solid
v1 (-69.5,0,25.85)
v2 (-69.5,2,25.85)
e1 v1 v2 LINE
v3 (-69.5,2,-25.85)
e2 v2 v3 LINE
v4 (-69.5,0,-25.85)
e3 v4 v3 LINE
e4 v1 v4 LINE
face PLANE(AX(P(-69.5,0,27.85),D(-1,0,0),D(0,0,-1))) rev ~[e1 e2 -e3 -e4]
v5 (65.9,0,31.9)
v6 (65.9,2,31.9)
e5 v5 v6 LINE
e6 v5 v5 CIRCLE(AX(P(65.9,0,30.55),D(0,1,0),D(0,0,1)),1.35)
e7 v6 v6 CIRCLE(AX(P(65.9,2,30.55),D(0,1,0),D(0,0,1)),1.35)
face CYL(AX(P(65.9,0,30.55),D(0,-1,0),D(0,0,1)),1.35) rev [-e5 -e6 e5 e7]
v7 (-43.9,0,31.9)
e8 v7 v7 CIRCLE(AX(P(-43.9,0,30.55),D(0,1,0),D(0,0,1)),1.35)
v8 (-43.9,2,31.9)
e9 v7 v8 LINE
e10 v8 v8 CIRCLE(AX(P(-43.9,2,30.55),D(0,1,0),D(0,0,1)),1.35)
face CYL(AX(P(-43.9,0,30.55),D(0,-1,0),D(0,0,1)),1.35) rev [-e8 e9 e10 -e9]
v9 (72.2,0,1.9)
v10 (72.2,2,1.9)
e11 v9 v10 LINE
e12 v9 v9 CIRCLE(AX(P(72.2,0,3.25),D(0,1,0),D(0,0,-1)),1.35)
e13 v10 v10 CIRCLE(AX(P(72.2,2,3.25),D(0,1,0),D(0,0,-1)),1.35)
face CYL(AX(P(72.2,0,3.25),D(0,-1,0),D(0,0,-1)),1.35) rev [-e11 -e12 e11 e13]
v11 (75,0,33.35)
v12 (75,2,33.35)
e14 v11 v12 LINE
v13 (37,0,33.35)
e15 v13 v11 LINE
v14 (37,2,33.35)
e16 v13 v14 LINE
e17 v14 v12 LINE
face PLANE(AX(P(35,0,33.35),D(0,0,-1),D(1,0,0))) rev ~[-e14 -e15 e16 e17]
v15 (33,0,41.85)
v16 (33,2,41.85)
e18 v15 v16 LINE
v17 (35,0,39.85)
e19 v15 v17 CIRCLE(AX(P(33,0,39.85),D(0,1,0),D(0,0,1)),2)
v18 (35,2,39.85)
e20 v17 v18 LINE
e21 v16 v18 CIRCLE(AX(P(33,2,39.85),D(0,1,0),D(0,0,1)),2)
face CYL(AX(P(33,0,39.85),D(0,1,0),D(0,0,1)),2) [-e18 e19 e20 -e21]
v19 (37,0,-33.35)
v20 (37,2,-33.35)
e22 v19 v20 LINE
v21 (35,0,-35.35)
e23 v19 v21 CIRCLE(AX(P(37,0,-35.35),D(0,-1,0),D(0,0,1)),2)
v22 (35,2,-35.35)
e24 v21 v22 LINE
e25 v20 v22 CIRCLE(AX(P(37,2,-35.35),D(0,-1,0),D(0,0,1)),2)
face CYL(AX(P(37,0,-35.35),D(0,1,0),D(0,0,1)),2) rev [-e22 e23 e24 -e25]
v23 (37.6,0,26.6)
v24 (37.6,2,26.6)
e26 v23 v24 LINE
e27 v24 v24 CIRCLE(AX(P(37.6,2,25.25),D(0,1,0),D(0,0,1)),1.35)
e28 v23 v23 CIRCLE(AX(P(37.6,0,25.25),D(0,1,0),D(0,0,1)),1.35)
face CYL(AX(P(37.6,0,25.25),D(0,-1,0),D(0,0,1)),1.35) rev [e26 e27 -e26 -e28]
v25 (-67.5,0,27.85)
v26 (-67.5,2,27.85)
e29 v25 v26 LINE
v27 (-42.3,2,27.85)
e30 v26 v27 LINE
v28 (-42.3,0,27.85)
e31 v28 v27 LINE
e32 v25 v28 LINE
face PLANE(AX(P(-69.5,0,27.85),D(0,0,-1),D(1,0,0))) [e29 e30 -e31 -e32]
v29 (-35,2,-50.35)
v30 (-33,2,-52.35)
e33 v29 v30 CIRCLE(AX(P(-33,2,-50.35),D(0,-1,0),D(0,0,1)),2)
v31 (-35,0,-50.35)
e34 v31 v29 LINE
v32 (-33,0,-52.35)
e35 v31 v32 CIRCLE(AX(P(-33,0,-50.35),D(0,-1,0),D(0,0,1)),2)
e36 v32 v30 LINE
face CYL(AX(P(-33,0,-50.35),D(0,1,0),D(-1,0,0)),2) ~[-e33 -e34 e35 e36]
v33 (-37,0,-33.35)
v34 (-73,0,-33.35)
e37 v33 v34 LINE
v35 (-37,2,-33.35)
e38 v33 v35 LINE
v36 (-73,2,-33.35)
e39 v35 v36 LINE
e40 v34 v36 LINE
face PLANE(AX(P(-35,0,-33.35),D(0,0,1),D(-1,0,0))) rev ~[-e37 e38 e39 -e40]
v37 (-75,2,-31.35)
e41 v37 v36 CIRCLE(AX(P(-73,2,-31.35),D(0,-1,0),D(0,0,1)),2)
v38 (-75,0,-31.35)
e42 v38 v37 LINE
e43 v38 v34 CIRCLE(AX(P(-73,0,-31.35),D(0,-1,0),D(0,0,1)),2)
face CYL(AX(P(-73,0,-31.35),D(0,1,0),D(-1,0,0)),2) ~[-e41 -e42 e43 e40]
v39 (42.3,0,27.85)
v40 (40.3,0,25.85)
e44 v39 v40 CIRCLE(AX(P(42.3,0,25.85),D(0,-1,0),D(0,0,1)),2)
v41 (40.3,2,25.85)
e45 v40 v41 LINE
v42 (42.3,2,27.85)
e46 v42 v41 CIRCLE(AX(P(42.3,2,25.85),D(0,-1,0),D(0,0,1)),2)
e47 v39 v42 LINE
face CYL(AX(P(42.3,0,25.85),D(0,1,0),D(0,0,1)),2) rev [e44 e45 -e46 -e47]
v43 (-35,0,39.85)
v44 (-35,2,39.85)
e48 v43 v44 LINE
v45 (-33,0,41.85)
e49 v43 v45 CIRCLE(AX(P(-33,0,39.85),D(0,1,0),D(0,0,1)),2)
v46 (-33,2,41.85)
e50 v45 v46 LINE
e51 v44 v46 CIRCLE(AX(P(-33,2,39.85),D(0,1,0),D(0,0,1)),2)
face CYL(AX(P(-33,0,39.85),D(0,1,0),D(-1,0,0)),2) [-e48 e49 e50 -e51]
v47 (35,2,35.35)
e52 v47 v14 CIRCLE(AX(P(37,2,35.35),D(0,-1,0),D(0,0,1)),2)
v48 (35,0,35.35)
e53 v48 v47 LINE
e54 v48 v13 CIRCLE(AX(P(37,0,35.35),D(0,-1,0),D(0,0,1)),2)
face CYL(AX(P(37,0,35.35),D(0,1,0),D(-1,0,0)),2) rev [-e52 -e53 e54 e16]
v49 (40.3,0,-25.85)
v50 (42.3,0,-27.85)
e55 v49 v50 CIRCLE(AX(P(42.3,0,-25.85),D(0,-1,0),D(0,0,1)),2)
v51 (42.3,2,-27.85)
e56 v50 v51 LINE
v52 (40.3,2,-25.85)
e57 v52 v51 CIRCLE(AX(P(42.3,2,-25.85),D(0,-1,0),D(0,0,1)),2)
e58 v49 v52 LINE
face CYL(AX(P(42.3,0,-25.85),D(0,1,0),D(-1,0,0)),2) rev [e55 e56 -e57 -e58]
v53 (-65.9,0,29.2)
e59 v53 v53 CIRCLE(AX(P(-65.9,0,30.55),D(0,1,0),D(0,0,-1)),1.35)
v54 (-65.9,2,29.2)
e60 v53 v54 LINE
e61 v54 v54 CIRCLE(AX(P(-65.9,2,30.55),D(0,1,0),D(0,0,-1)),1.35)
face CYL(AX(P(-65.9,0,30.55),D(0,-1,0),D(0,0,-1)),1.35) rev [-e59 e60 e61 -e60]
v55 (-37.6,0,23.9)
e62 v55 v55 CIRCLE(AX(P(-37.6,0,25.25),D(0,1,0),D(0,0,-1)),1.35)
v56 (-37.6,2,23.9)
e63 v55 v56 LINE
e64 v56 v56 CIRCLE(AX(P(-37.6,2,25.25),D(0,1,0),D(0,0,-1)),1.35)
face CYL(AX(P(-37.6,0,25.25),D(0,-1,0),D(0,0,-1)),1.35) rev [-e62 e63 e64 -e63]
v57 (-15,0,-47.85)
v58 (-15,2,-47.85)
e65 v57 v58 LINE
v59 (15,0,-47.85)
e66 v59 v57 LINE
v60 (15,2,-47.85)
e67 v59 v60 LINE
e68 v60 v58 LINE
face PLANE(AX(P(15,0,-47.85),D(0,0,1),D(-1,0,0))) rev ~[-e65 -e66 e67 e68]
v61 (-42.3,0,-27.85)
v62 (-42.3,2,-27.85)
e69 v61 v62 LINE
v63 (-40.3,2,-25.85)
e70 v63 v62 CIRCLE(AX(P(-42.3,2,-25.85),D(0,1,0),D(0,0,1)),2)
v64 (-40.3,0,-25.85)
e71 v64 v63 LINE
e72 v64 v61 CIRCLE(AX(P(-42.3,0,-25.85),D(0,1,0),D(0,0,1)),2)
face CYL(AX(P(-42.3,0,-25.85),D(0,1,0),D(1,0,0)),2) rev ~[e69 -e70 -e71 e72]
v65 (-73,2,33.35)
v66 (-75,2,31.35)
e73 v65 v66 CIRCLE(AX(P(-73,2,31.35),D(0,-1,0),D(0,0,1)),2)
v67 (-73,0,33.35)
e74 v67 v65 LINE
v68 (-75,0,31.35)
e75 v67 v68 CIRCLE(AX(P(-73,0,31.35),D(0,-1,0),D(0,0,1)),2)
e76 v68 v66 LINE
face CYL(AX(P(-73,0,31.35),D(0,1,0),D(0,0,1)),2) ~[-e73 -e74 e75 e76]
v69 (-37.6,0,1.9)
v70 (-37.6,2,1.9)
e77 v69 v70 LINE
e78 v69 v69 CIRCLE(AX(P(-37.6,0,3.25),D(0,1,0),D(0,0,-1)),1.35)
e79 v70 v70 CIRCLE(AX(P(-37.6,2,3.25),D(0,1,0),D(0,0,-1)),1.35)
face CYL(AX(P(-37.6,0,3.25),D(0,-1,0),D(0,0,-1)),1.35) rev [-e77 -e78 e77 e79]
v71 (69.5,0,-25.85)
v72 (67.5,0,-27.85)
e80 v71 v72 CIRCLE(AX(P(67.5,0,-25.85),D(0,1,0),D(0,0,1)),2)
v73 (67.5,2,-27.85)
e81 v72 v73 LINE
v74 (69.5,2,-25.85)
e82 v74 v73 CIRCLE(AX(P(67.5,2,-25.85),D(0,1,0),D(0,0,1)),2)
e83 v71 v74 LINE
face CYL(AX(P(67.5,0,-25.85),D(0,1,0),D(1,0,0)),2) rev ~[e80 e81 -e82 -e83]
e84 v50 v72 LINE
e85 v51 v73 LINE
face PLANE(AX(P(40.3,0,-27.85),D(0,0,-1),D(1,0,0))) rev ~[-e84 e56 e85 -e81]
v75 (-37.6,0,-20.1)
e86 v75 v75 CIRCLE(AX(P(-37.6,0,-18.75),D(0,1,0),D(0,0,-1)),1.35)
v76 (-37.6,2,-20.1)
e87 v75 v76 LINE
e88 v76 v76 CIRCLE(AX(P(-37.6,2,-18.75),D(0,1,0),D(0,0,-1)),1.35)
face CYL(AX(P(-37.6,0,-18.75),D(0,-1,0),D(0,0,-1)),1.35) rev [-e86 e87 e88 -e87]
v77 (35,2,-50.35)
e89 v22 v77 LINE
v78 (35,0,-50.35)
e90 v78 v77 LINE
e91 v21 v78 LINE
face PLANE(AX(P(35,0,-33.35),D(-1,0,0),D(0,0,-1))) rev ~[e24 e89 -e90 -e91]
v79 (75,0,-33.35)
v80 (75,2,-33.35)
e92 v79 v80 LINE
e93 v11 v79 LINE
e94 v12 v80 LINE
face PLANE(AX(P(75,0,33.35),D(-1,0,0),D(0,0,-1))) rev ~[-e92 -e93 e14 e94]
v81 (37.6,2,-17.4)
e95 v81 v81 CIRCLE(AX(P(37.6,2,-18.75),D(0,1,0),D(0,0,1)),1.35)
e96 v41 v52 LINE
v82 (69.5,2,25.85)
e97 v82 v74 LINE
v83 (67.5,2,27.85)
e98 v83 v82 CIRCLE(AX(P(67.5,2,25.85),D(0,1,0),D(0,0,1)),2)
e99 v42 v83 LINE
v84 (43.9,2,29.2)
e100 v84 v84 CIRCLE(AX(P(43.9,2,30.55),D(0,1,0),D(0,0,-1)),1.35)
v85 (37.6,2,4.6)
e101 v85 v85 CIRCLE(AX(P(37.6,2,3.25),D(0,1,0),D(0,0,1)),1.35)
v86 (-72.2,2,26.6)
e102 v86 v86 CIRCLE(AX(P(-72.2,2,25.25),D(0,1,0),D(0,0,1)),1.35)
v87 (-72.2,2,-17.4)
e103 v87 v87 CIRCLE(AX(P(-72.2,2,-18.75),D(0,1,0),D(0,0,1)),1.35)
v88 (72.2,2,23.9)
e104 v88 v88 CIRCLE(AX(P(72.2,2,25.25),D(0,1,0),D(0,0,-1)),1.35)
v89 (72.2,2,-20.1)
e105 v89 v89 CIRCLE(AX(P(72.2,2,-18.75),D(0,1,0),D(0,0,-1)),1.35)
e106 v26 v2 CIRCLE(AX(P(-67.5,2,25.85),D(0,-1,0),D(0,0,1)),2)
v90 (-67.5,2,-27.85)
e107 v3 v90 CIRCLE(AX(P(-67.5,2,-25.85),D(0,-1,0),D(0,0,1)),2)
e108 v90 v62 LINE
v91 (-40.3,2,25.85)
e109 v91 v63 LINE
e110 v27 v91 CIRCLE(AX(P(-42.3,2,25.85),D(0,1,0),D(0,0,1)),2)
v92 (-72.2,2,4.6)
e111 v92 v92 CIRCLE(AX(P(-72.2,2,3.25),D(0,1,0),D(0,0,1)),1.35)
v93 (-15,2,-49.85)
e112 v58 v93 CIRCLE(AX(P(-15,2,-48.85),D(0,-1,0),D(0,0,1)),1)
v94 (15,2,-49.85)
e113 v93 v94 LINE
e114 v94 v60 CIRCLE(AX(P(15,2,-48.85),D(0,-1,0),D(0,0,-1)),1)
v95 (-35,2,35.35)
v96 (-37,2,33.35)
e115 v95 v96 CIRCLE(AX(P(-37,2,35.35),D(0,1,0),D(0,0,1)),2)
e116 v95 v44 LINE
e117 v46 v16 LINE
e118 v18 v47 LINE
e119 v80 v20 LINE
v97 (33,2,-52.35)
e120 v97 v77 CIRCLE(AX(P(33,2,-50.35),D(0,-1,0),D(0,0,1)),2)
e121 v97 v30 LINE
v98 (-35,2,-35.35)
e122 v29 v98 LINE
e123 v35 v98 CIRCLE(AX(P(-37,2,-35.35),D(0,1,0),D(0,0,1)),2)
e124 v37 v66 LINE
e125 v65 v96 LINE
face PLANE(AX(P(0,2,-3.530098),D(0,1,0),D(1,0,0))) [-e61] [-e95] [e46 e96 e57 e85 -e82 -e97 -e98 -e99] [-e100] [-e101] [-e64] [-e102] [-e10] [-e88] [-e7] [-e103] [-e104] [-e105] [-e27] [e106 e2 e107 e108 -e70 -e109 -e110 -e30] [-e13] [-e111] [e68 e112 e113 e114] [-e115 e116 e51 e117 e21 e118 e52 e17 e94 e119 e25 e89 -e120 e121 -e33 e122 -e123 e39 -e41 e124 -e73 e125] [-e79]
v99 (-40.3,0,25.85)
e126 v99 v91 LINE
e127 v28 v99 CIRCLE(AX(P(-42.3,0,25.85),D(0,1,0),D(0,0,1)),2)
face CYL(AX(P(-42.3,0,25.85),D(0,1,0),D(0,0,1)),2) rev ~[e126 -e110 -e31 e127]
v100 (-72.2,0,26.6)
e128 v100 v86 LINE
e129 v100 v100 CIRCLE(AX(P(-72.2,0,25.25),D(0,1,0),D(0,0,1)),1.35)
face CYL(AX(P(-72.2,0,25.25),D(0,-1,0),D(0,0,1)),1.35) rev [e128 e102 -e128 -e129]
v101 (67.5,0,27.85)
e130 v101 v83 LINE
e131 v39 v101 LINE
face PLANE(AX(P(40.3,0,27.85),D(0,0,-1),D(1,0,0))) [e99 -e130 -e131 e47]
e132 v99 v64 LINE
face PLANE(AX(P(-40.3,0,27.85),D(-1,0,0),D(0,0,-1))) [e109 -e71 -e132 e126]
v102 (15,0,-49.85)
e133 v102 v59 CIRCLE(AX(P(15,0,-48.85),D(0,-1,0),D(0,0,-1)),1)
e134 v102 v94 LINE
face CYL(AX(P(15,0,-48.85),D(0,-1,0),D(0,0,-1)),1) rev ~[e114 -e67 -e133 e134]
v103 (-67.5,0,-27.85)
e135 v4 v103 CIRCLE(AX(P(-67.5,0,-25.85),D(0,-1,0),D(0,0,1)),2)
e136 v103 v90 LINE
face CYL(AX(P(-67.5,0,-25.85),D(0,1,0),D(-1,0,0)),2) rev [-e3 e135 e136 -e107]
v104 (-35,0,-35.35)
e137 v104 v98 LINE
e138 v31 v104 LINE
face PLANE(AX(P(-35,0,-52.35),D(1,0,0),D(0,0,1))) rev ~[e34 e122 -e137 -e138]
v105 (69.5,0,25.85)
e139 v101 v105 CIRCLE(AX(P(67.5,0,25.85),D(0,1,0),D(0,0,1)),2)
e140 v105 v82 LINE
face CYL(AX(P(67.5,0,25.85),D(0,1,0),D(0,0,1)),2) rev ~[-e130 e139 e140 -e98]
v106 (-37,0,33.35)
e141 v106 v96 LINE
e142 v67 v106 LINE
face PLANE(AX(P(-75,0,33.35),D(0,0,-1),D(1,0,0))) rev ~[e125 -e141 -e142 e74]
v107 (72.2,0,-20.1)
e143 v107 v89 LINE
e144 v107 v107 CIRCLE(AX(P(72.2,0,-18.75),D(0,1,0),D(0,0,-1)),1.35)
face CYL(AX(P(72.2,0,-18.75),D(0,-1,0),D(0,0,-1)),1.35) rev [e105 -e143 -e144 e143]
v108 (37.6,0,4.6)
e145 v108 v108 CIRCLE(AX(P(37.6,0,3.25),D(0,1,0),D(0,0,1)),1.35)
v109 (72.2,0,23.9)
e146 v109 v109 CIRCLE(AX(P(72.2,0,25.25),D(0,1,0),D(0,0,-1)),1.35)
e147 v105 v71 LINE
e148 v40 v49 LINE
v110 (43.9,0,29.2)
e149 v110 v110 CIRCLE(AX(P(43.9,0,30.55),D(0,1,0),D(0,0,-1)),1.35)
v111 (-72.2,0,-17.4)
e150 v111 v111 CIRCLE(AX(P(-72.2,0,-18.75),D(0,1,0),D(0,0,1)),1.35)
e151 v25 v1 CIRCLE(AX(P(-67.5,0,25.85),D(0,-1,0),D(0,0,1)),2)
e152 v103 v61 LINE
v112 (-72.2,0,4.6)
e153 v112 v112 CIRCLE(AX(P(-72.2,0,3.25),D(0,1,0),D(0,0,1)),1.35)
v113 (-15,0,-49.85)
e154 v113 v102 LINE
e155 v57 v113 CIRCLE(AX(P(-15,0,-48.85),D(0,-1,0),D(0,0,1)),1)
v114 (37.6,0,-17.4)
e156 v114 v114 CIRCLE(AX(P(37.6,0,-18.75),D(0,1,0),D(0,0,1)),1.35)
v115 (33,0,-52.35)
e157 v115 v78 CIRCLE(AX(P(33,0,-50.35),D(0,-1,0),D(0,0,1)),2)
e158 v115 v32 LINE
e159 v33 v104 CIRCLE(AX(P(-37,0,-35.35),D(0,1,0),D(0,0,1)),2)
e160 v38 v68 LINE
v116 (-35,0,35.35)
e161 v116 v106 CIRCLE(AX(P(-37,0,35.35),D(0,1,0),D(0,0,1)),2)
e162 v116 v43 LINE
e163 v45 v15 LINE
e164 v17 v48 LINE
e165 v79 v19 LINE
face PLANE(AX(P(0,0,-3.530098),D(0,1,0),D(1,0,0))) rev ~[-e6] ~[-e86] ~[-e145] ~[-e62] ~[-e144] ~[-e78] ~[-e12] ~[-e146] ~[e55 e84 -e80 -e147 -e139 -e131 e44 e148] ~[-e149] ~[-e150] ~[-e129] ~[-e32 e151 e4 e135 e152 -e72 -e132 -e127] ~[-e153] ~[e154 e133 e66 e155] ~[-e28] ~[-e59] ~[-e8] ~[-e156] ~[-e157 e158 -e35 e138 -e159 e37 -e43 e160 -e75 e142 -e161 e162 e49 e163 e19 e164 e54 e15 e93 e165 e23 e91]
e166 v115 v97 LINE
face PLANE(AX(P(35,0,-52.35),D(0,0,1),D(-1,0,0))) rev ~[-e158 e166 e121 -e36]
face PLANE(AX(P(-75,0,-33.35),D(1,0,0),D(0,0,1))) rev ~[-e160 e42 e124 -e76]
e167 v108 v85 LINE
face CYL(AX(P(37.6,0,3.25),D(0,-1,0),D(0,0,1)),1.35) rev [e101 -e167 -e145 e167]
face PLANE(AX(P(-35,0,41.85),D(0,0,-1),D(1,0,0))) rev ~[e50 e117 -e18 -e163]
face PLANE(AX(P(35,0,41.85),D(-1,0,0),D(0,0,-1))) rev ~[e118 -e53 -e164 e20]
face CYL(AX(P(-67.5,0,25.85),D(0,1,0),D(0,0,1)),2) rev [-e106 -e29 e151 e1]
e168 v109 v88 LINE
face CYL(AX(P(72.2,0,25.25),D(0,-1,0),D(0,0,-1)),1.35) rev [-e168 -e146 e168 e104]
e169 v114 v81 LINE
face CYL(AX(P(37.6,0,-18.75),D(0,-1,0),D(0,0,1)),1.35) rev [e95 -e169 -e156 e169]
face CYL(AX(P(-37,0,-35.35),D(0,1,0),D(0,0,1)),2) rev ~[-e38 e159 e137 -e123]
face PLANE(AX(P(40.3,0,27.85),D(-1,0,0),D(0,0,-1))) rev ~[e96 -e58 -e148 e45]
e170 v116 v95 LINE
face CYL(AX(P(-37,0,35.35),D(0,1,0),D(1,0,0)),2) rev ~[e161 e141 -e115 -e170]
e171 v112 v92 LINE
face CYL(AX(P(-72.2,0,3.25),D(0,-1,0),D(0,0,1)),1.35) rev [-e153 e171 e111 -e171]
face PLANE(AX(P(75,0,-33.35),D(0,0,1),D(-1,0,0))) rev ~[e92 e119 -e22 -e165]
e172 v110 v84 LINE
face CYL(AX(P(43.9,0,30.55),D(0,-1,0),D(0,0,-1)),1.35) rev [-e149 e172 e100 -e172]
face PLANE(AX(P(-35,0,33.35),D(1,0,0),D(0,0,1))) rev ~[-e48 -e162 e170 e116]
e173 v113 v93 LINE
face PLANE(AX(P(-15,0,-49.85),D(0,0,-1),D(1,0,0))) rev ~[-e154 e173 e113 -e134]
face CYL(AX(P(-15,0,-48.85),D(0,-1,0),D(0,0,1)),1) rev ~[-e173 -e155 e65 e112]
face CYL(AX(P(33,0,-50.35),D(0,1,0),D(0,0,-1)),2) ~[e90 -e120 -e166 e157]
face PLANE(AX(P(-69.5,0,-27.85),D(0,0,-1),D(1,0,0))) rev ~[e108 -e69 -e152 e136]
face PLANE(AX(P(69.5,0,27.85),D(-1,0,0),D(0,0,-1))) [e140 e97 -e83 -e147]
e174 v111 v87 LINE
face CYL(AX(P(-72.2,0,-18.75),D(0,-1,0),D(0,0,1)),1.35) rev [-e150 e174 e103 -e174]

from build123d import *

# Parameters (mm, degrees)
SKETCH_1_R      = 1.35
SKETCH_1_W      = 29.2
SKETCH_1_H      = 55.7
EXTRUDE_1_DEPTH = 2
FILLET_1_R      = 2


with BuildPart() as part:
    # 草图1 → 凸台-拉伸1 (new body)
    with BuildSketch(Plane(origin=(0, 0, 0), x_dir=(1, 0, 0), z_dir=(0, 1, 0))):
        Polygon((-35, -33.35), (-35, -41.85), (35, -41.85), (35, -33.35), (75, -33.35), (75, 33.35), (35, 33.35), (35, 52.35), (-35, 52.35), (-35, 33.35), (-75, 33.35), (-75, -33.35), align=None)
        with Locations(Location((-72.2, 18.75, 0), (0, 0, 270))):
            Circle(SKETCH_1_R, mode=Mode.SUBTRACT)
        with Locations(Location((-72.2, -3.25, 0), (0, 0, 270))):
            Circle(SKETCH_1_R, mode=Mode.SUBTRACT)
        with Locations(Location((-72.2, -25.25, 0), (0, 0, 270))):
            Circle(SKETCH_1_R, mode=Mode.SUBTRACT)
        with Locations(Location((-37.6, -25.25, 0), (0, 0, 90))):
            Circle(SKETCH_1_R, mode=Mode.SUBTRACT)
        with Locations(Location((-37.6, -3.25, 0), (0, 0, 90))):
            Circle(SKETCH_1_R, mode=Mode.SUBTRACT)
        with Locations(Location((-37.6, 18.75, 0), (0, 0, 90))):
            Circle(SKETCH_1_R, mode=Mode.SUBTRACT)
        with Locations(Location((37.6, 18.75, 0), (0, 0, 270))):
            Circle(SKETCH_1_R, mode=Mode.SUBTRACT)
        with Locations(Location((37.6, -3.25, 0), (0, 0, 270))):
            Circle(SKETCH_1_R, mode=Mode.SUBTRACT)
        with Locations(Location((37.6, -25.25, 0), (0, 0, 270))):
            Circle(SKETCH_1_R, mode=Mode.SUBTRACT)
        with Locations(Location((72.2, -25.25, 0), (0, 0, 90))):
            Circle(SKETCH_1_R, mode=Mode.SUBTRACT)
        with Locations(Location((72.2, -3.25, 0), (0, 0, 90))):
            Circle(SKETCH_1_R, mode=Mode.SUBTRACT)
        with Locations(Location((72.2, 18.75, 0), (0, 0, 90))):
            Circle(SKETCH_1_R, mode=Mode.SUBTRACT)
        with Locations(Location((-43.9, -30.55, 0), (0, 0, 270))):
            Circle(SKETCH_1_R, mode=Mode.SUBTRACT)
        with Locations(Location((-65.9, -30.55, 0), (0, 0, 90))):
            Circle(SKETCH_1_R, mode=Mode.SUBTRACT)
        with Locations(Location((43.9, -30.55, 0), (0, 0, 90))):
            Circle(SKETCH_1_R, mode=Mode.SUBTRACT)
        with Locations(Location((65.9, -30.55, 0), (0, 0, 270))):
            Circle(SKETCH_1_R, mode=Mode.SUBTRACT)
        with Locations((-54.9, 0)):
            Rectangle(SKETCH_1_W, SKETCH_1_H, mode=Mode.SUBTRACT)
        with Locations((54.9, 0)):
            Rectangle(SKETCH_1_W, SKETCH_1_H, mode=Mode.SUBTRACT)
        with BuildLine():
            Line((-15, 49.85), (15, 49.85))
            ThreePointArc((15, 49.85), (16, 48.85), (15, 47.85))
            Line((15, 47.85), (-15, 47.85))
            ThreePointArc((-15, 47.85), (-16, 48.85), (-15, 49.85))
        make_face(mode=Mode.SUBTRACT)
    extrude(amount=EXTRUDE_1_DEPTH)

    # 圆角1
    fillet_1_edges = [part.edges().sort_by_distance(p)[0] for p in [
        (-35, 1, -52.35),
        (35, 1, -52.35),
        (35, 1, -33.35),
        (35, 1, 33.35),
        (35, 1, 41.85),
        (-35, 1, 41.85),
        (-35, 1, 33.35),
        (-75, 1, 33.35),
        (-75, 1, -33.35),
        (-35, 1, -33.35),
        (-40.3, 1, 27.85),
        (-40.3, 1, -27.85),
        (-69.5, 1, -27.85),
        (-69.5, 1, 27.85),
        (69.5, 1, 27.85),
        (69.5, 1, -27.85),
        (40.3, 1, -27.85),
        (40.3, 1, 27.85),
    ]]
    fillet(fillet_1_edges, radius=FILLET_1_R)


solid = part.part
